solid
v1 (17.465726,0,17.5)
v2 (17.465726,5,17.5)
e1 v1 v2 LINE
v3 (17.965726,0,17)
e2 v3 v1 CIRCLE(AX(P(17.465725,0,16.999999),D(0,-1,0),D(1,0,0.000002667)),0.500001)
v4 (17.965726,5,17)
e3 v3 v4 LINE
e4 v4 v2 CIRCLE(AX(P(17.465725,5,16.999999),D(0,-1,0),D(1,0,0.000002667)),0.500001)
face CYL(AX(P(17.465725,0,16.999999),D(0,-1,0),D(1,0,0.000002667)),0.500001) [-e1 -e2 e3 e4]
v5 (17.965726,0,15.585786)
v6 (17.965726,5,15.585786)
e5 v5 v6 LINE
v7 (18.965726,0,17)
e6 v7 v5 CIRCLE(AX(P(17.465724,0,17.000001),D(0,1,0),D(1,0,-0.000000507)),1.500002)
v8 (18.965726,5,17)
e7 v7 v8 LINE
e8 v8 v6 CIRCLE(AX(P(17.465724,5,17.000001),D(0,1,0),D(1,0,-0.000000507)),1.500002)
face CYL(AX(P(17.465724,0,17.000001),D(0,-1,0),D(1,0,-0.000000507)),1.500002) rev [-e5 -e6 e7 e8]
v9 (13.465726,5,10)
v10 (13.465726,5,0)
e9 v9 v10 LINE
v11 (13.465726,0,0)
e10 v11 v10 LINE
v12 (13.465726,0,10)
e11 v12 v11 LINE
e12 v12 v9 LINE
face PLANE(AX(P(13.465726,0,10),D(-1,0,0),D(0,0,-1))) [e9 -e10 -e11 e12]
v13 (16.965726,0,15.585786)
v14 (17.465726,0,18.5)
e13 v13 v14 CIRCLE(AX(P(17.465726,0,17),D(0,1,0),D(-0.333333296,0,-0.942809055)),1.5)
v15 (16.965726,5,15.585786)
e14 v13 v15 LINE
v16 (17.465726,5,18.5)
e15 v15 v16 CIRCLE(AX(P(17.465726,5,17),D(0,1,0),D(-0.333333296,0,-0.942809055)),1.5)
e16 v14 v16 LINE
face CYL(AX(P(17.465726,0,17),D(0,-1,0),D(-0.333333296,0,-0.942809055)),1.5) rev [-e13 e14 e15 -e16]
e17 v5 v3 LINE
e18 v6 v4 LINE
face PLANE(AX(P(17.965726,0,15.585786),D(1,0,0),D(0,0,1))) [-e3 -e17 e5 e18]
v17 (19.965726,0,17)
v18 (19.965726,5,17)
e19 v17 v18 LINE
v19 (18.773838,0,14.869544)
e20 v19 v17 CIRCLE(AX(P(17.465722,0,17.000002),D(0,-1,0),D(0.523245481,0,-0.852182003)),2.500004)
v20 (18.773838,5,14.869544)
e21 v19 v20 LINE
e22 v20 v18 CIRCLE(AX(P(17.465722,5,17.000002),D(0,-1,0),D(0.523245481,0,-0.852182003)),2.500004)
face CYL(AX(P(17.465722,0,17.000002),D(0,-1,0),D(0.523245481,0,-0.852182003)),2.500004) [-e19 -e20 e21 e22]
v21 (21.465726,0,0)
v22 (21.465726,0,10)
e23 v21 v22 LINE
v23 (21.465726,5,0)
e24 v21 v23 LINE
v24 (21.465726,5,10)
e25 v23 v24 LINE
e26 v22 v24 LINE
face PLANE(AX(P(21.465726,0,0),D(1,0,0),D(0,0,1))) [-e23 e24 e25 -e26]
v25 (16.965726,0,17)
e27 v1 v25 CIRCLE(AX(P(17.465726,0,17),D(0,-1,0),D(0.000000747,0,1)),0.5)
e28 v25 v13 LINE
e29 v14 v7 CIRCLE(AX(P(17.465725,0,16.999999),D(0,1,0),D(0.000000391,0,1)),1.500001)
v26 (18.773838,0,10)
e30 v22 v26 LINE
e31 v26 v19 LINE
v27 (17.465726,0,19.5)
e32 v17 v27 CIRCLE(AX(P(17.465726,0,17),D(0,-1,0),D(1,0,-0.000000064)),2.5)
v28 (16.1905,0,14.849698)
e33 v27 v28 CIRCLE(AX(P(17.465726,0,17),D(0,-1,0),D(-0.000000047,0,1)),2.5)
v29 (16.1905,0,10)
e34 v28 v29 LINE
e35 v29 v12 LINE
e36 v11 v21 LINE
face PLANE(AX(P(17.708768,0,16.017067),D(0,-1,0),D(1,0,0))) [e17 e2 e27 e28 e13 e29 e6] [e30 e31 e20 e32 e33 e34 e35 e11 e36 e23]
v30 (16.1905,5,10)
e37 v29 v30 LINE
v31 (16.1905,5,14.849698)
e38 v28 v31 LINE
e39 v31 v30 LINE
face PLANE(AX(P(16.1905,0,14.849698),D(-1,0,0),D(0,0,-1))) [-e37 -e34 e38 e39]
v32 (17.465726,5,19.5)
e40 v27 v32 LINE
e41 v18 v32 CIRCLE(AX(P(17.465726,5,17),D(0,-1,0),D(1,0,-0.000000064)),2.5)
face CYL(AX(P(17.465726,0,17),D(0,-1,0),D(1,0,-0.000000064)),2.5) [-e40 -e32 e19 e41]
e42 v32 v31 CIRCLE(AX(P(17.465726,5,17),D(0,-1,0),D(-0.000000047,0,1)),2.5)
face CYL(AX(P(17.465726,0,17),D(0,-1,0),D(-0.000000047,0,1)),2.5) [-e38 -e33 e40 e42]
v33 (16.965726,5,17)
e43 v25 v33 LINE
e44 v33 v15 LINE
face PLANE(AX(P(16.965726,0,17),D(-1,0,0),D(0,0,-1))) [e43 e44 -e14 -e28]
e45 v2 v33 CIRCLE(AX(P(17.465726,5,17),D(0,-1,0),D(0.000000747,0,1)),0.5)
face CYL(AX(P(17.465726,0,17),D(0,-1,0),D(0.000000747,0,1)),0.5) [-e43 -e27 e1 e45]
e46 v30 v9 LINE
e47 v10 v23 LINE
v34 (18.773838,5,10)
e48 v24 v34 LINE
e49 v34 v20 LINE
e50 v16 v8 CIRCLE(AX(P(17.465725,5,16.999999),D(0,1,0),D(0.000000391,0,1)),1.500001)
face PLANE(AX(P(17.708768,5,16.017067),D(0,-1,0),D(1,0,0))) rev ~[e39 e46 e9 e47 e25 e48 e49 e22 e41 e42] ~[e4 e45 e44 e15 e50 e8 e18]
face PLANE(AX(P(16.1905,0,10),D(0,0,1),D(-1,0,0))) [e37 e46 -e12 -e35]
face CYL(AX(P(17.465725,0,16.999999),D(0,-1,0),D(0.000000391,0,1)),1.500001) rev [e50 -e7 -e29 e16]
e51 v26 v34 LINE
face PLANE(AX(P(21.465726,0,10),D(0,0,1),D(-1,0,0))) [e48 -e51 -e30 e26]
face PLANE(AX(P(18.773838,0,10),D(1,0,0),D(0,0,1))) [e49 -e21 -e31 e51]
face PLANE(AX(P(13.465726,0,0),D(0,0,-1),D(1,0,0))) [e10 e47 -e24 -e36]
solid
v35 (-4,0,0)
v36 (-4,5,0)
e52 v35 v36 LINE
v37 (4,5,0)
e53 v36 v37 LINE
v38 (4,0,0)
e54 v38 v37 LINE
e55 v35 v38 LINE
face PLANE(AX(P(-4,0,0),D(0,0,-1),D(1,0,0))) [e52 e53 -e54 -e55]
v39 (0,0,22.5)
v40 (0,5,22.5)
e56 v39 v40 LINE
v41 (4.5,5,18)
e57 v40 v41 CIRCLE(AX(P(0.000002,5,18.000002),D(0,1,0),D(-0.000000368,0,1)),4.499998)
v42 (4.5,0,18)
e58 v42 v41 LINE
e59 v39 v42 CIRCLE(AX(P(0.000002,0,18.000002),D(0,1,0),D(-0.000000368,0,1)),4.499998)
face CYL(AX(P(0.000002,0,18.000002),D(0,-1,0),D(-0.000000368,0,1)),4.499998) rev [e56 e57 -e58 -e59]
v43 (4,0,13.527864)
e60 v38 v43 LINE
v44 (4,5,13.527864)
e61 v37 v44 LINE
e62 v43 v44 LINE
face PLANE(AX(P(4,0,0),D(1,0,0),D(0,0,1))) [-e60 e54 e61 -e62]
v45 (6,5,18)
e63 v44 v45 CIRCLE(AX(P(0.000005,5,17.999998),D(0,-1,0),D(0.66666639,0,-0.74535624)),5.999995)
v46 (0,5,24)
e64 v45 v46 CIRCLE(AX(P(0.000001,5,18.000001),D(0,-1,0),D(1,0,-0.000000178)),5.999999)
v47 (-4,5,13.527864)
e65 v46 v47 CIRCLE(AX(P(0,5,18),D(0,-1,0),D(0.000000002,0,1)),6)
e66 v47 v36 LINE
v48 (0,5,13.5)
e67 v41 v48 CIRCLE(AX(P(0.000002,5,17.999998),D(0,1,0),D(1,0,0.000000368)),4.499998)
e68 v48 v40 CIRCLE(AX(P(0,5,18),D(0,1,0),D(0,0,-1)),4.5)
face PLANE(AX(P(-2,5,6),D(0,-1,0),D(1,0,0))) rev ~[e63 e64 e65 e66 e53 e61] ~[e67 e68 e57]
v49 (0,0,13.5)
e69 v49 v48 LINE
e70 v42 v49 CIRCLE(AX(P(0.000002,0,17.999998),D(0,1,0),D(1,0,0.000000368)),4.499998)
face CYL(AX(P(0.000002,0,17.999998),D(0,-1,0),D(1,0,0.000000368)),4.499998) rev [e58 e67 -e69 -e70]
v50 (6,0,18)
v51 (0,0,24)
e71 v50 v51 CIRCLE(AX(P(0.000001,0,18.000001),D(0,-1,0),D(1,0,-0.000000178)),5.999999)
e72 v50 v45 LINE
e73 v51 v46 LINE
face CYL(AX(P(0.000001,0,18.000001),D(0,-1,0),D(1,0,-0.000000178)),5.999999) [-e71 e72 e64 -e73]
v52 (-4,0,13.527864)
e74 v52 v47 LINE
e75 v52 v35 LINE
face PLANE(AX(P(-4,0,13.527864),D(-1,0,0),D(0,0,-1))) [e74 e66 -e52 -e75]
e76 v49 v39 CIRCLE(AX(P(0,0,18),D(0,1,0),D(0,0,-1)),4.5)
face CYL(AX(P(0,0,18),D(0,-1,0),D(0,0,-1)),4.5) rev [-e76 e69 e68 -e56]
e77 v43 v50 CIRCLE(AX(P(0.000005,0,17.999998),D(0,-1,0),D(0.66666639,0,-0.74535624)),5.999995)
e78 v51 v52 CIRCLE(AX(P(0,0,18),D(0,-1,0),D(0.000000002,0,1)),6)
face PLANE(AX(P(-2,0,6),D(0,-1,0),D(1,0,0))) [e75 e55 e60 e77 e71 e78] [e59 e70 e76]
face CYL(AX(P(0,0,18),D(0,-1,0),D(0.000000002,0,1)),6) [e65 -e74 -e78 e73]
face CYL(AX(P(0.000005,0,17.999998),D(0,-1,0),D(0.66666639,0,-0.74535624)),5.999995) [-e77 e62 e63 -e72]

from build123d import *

# Parameters (mm, degrees)
F0_W     = 4
F0_H     = 12
F1_DEPTH = 5
F3_DEPTH = 5


with BuildPart() as f1:
    # F0 (on Front) → F1 (new body)
    with BuildSketch(Plane.XZ):
        with Locations((-2, 6)):
            Rectangle(F0_W, F0_H)
        with Locations((2, 6)):
            Rectangle(F0_W, F0_H)
        with BuildLine():
            ThreePointArc((4, 13.527864), (2.140933, 12.394966), (0, 12))
            Line((0, 12), (4, 12))
            Line((4, 12), (4, 13.527864))
        make_face()
        with BuildLine():
            ThreePointArc((-4, 13.527864), (-2.140933, 12.394966), (0, 12))
            Line((0, 12), (0, 13.5))
            ThreePointArc((0, 13.5), (-4.5, 18), (0, 22.5))
            Line((0, 22.5), (0, 24))
            ThreePointArc((0, 24), (-5.605034, 20.140933), (-4, 13.527864))
        make_face()
        with BuildLine():
            Line((-4, 12), (0, 12))
            ThreePointArc((0, 12), (-2.140933, 12.394966), (-4, 13.527864))
            Line((-4, 13.527864), (-4, 12))
        make_face()
        with BuildLine():
            Line((0, 13.5), (0, 12))
            ThreePointArc((0, 12), (2.140933, 12.394966), (4, 13.527864))
            ThreePointArc((4, 13.527864), (5.477226, 15.55051), (6, 18))
            ThreePointArc((6, 18), (4.242641, 22.242641), (0, 24))
            Line((0, 24), (0, 22.5))
            ThreePointArc((0, 22.5), (3.181981, 21.181981), (4.5, 18))
            ThreePointArc((4.5, 18), (3.181981, 14.818019), (0, 13.5))
        make_face()
    extrude(amount=-F1_DEPTH)


with BuildPart() as f3:
    # F2 (on Front) → F3 (new body)
    with BuildSketch(Plane.XZ):
        with BuildLine():
            Line((17.465726, 16.5), (17.465726, 15.5))
            ThreePointArc((17.465726, 15.5), (17.719379, 15.521602), (17.965726, 15.585786))
            Line((17.965726, 15.585786), (17.965726, 16.5))
            Line((17.965726, 16.5), (17.465726, 16.5))
        make_face()
        with BuildLine():
            ThreePointArc((16.965726, 15.585786), (17.212073, 15.521602), (17.465726, 15.5))
            Line((17.465726, 15.5), (17.465726, 16.5))
            Line((17.465726, 16.5), (16.965726, 16.5))
            Line((16.965726, 16.5), (16.965726, 15.585786))
        make_face()
        with BuildLine():
            Line((16.965726, 15.5), (17.465726, 15.5))
            ThreePointArc((17.465726, 15.5), (17.212073, 15.521602), (16.965726, 15.585786))
            Line((16.965726, 15.585786), (16.965726, 15.5))
        make_face()
        with BuildLine():
            ThreePointArc((17.965726, 15.585786), (17.719379, 15.521602), (17.465726, 15.5))
            Line((17.465726, 15.5), (17.965726, 15.5))
            Line((17.965726, 15.5), (17.965726, 15.585786))
        make_face()
        with BuildLine():
            ThreePointArc((17.965726, 17), (17.819279, 16.646447), (17.465726, 16.5))
            Line((17.465726, 16.5), (17.965726, 16.5))
            Line((17.965726, 16.5), (17.965726, 17))
        make_face()
        with BuildLine():
            ThreePointArc((17.965726, 17), (17.819279, 17.353553), (17.465726, 17.5))
            Line((17.465726, 17.5), (17.465726, 16.5))
            ThreePointArc((17.465726, 16.5), (17.819279, 16.646447), (17.965726, 17))
        make_face()
        with BuildLine():
            Line((17.465726, 16.5), (17.465726, 17.5))
            ThreePointArc((17.465726, 17.5), (17.112172, 17.353553), (16.965726, 17))
            ThreePointArc((16.965726, 17), (17.112172, 16.646447), (17.465726, 16.5))
        make_face()
        with BuildLine():
            Line((16.965726, 16.5), (17.465726, 16.5))
            ThreePointArc((17.465726, 16.5), (17.112172, 16.646447), (16.965726, 17))
            Line((16.965726, 17), (16.965726, 16.5))
        make_face()
        with BuildLine():
            ThreePointArc((17.465726, 19.5), (15.054735, 17.661152), (16.1905, 14.849698))
            Line((16.1905, 14.849698), (17.465726, 14.849698))
            Line((17.465726, 14.849698), (17.465726, 14.869544))
            Line((17.465726, 14.869544), (17.465726, 15.5))
            Line((17.465726, 15.5), (16.965726, 15.5))
            Line((16.965726, 15.5), (16.965726, 15.585786))
            ThreePointArc((16.965726, 15.585786), (15.987328, 17.253653), (17.465726, 18.5))
            Line((17.465726, 18.5), (17.465726, 19.5))
        make_face()
        with BuildLine():
            Line((17.465726, 14.869544), (18.773838, 14.869544))
            ThreePointArc((18.773838, 14.869544), (19.6475, 15.779402), (19.965726, 17))
            ThreePointArc((19.965726, 17), (19.233493, 18.767767), (17.465726, 19.5))
            Line((17.465726, 19.5), (17.465726, 18.5))
            ThreePointArc((17.465726, 18.5), (18.526386, 18.06066), (18.965726, 17))
            ThreePointArc((18.965726, 17), (18.690471, 16.133975), (17.965726, 15.585786))
            Line((17.965726, 15.585786), (17.965726, 15.5))
            Line((17.965726, 15.5), (17.465726, 15.5))
            Line((17.465726, 15.5), (17.465726, 14.869544))
        make_face()
        with BuildLine():
            ThreePointArc((17.465726, 14.5), (18.14538, 14.594159), (18.773838, 14.869544))
            Line((18.773838, 14.869544), (17.465726, 14.869544))
            Line((17.465726, 14.869544), (17.465726, 14.849698))
            Line((17.465726, 14.849698), (17.465726, 14.5))
        make_face()
        with BuildLine():
            Line((17.465726, 14.849698), (16.1905, 14.849698))
            ThreePointArc((16.1905, 14.849698), (16.804573, 14.589009), (17.465726, 14.5))
            Line((17.465726, 14.5), (17.465726, 14.849698))
        make_face()
        with BuildLine():
            Line((18.465726, 10), (18.773838, 10))
            Line((18.773838, 10), (18.773838, 14.869544))
            ThreePointArc((18.773838, 14.869544), (18.14538, 14.594159), (17.465726, 14.5))
            Line((17.465726, 14.5), (17.465726, 10))
            Line((17.465726, 10), (18.465726, 10))
        make_face()
        with BuildLine():
            Line((16.1905, 14.849698), (16.1905, 10))
            Line((16.1905, 10), (16.465726, 10))
            Line((16.465726, 10), (17.465726, 10))
            Line((17.465726, 10), (17.465726, 14.5))
            ThreePointArc((17.465726, 14.5), (16.804573, 14.589009), (16.1905, 14.849698))
        make_face()
        Polygon((13.465726, 10), (13.465726, 0), (21.465726, 0), (21.465726, 10), (18.773838, 10), (18.465726, 10), (17.465726, 10), (16.465726, 10), (16.1905, 10), align=None)
    extrude(amount=-F3_DEPTH)


solid = Compound([f1.part, f3.part])
